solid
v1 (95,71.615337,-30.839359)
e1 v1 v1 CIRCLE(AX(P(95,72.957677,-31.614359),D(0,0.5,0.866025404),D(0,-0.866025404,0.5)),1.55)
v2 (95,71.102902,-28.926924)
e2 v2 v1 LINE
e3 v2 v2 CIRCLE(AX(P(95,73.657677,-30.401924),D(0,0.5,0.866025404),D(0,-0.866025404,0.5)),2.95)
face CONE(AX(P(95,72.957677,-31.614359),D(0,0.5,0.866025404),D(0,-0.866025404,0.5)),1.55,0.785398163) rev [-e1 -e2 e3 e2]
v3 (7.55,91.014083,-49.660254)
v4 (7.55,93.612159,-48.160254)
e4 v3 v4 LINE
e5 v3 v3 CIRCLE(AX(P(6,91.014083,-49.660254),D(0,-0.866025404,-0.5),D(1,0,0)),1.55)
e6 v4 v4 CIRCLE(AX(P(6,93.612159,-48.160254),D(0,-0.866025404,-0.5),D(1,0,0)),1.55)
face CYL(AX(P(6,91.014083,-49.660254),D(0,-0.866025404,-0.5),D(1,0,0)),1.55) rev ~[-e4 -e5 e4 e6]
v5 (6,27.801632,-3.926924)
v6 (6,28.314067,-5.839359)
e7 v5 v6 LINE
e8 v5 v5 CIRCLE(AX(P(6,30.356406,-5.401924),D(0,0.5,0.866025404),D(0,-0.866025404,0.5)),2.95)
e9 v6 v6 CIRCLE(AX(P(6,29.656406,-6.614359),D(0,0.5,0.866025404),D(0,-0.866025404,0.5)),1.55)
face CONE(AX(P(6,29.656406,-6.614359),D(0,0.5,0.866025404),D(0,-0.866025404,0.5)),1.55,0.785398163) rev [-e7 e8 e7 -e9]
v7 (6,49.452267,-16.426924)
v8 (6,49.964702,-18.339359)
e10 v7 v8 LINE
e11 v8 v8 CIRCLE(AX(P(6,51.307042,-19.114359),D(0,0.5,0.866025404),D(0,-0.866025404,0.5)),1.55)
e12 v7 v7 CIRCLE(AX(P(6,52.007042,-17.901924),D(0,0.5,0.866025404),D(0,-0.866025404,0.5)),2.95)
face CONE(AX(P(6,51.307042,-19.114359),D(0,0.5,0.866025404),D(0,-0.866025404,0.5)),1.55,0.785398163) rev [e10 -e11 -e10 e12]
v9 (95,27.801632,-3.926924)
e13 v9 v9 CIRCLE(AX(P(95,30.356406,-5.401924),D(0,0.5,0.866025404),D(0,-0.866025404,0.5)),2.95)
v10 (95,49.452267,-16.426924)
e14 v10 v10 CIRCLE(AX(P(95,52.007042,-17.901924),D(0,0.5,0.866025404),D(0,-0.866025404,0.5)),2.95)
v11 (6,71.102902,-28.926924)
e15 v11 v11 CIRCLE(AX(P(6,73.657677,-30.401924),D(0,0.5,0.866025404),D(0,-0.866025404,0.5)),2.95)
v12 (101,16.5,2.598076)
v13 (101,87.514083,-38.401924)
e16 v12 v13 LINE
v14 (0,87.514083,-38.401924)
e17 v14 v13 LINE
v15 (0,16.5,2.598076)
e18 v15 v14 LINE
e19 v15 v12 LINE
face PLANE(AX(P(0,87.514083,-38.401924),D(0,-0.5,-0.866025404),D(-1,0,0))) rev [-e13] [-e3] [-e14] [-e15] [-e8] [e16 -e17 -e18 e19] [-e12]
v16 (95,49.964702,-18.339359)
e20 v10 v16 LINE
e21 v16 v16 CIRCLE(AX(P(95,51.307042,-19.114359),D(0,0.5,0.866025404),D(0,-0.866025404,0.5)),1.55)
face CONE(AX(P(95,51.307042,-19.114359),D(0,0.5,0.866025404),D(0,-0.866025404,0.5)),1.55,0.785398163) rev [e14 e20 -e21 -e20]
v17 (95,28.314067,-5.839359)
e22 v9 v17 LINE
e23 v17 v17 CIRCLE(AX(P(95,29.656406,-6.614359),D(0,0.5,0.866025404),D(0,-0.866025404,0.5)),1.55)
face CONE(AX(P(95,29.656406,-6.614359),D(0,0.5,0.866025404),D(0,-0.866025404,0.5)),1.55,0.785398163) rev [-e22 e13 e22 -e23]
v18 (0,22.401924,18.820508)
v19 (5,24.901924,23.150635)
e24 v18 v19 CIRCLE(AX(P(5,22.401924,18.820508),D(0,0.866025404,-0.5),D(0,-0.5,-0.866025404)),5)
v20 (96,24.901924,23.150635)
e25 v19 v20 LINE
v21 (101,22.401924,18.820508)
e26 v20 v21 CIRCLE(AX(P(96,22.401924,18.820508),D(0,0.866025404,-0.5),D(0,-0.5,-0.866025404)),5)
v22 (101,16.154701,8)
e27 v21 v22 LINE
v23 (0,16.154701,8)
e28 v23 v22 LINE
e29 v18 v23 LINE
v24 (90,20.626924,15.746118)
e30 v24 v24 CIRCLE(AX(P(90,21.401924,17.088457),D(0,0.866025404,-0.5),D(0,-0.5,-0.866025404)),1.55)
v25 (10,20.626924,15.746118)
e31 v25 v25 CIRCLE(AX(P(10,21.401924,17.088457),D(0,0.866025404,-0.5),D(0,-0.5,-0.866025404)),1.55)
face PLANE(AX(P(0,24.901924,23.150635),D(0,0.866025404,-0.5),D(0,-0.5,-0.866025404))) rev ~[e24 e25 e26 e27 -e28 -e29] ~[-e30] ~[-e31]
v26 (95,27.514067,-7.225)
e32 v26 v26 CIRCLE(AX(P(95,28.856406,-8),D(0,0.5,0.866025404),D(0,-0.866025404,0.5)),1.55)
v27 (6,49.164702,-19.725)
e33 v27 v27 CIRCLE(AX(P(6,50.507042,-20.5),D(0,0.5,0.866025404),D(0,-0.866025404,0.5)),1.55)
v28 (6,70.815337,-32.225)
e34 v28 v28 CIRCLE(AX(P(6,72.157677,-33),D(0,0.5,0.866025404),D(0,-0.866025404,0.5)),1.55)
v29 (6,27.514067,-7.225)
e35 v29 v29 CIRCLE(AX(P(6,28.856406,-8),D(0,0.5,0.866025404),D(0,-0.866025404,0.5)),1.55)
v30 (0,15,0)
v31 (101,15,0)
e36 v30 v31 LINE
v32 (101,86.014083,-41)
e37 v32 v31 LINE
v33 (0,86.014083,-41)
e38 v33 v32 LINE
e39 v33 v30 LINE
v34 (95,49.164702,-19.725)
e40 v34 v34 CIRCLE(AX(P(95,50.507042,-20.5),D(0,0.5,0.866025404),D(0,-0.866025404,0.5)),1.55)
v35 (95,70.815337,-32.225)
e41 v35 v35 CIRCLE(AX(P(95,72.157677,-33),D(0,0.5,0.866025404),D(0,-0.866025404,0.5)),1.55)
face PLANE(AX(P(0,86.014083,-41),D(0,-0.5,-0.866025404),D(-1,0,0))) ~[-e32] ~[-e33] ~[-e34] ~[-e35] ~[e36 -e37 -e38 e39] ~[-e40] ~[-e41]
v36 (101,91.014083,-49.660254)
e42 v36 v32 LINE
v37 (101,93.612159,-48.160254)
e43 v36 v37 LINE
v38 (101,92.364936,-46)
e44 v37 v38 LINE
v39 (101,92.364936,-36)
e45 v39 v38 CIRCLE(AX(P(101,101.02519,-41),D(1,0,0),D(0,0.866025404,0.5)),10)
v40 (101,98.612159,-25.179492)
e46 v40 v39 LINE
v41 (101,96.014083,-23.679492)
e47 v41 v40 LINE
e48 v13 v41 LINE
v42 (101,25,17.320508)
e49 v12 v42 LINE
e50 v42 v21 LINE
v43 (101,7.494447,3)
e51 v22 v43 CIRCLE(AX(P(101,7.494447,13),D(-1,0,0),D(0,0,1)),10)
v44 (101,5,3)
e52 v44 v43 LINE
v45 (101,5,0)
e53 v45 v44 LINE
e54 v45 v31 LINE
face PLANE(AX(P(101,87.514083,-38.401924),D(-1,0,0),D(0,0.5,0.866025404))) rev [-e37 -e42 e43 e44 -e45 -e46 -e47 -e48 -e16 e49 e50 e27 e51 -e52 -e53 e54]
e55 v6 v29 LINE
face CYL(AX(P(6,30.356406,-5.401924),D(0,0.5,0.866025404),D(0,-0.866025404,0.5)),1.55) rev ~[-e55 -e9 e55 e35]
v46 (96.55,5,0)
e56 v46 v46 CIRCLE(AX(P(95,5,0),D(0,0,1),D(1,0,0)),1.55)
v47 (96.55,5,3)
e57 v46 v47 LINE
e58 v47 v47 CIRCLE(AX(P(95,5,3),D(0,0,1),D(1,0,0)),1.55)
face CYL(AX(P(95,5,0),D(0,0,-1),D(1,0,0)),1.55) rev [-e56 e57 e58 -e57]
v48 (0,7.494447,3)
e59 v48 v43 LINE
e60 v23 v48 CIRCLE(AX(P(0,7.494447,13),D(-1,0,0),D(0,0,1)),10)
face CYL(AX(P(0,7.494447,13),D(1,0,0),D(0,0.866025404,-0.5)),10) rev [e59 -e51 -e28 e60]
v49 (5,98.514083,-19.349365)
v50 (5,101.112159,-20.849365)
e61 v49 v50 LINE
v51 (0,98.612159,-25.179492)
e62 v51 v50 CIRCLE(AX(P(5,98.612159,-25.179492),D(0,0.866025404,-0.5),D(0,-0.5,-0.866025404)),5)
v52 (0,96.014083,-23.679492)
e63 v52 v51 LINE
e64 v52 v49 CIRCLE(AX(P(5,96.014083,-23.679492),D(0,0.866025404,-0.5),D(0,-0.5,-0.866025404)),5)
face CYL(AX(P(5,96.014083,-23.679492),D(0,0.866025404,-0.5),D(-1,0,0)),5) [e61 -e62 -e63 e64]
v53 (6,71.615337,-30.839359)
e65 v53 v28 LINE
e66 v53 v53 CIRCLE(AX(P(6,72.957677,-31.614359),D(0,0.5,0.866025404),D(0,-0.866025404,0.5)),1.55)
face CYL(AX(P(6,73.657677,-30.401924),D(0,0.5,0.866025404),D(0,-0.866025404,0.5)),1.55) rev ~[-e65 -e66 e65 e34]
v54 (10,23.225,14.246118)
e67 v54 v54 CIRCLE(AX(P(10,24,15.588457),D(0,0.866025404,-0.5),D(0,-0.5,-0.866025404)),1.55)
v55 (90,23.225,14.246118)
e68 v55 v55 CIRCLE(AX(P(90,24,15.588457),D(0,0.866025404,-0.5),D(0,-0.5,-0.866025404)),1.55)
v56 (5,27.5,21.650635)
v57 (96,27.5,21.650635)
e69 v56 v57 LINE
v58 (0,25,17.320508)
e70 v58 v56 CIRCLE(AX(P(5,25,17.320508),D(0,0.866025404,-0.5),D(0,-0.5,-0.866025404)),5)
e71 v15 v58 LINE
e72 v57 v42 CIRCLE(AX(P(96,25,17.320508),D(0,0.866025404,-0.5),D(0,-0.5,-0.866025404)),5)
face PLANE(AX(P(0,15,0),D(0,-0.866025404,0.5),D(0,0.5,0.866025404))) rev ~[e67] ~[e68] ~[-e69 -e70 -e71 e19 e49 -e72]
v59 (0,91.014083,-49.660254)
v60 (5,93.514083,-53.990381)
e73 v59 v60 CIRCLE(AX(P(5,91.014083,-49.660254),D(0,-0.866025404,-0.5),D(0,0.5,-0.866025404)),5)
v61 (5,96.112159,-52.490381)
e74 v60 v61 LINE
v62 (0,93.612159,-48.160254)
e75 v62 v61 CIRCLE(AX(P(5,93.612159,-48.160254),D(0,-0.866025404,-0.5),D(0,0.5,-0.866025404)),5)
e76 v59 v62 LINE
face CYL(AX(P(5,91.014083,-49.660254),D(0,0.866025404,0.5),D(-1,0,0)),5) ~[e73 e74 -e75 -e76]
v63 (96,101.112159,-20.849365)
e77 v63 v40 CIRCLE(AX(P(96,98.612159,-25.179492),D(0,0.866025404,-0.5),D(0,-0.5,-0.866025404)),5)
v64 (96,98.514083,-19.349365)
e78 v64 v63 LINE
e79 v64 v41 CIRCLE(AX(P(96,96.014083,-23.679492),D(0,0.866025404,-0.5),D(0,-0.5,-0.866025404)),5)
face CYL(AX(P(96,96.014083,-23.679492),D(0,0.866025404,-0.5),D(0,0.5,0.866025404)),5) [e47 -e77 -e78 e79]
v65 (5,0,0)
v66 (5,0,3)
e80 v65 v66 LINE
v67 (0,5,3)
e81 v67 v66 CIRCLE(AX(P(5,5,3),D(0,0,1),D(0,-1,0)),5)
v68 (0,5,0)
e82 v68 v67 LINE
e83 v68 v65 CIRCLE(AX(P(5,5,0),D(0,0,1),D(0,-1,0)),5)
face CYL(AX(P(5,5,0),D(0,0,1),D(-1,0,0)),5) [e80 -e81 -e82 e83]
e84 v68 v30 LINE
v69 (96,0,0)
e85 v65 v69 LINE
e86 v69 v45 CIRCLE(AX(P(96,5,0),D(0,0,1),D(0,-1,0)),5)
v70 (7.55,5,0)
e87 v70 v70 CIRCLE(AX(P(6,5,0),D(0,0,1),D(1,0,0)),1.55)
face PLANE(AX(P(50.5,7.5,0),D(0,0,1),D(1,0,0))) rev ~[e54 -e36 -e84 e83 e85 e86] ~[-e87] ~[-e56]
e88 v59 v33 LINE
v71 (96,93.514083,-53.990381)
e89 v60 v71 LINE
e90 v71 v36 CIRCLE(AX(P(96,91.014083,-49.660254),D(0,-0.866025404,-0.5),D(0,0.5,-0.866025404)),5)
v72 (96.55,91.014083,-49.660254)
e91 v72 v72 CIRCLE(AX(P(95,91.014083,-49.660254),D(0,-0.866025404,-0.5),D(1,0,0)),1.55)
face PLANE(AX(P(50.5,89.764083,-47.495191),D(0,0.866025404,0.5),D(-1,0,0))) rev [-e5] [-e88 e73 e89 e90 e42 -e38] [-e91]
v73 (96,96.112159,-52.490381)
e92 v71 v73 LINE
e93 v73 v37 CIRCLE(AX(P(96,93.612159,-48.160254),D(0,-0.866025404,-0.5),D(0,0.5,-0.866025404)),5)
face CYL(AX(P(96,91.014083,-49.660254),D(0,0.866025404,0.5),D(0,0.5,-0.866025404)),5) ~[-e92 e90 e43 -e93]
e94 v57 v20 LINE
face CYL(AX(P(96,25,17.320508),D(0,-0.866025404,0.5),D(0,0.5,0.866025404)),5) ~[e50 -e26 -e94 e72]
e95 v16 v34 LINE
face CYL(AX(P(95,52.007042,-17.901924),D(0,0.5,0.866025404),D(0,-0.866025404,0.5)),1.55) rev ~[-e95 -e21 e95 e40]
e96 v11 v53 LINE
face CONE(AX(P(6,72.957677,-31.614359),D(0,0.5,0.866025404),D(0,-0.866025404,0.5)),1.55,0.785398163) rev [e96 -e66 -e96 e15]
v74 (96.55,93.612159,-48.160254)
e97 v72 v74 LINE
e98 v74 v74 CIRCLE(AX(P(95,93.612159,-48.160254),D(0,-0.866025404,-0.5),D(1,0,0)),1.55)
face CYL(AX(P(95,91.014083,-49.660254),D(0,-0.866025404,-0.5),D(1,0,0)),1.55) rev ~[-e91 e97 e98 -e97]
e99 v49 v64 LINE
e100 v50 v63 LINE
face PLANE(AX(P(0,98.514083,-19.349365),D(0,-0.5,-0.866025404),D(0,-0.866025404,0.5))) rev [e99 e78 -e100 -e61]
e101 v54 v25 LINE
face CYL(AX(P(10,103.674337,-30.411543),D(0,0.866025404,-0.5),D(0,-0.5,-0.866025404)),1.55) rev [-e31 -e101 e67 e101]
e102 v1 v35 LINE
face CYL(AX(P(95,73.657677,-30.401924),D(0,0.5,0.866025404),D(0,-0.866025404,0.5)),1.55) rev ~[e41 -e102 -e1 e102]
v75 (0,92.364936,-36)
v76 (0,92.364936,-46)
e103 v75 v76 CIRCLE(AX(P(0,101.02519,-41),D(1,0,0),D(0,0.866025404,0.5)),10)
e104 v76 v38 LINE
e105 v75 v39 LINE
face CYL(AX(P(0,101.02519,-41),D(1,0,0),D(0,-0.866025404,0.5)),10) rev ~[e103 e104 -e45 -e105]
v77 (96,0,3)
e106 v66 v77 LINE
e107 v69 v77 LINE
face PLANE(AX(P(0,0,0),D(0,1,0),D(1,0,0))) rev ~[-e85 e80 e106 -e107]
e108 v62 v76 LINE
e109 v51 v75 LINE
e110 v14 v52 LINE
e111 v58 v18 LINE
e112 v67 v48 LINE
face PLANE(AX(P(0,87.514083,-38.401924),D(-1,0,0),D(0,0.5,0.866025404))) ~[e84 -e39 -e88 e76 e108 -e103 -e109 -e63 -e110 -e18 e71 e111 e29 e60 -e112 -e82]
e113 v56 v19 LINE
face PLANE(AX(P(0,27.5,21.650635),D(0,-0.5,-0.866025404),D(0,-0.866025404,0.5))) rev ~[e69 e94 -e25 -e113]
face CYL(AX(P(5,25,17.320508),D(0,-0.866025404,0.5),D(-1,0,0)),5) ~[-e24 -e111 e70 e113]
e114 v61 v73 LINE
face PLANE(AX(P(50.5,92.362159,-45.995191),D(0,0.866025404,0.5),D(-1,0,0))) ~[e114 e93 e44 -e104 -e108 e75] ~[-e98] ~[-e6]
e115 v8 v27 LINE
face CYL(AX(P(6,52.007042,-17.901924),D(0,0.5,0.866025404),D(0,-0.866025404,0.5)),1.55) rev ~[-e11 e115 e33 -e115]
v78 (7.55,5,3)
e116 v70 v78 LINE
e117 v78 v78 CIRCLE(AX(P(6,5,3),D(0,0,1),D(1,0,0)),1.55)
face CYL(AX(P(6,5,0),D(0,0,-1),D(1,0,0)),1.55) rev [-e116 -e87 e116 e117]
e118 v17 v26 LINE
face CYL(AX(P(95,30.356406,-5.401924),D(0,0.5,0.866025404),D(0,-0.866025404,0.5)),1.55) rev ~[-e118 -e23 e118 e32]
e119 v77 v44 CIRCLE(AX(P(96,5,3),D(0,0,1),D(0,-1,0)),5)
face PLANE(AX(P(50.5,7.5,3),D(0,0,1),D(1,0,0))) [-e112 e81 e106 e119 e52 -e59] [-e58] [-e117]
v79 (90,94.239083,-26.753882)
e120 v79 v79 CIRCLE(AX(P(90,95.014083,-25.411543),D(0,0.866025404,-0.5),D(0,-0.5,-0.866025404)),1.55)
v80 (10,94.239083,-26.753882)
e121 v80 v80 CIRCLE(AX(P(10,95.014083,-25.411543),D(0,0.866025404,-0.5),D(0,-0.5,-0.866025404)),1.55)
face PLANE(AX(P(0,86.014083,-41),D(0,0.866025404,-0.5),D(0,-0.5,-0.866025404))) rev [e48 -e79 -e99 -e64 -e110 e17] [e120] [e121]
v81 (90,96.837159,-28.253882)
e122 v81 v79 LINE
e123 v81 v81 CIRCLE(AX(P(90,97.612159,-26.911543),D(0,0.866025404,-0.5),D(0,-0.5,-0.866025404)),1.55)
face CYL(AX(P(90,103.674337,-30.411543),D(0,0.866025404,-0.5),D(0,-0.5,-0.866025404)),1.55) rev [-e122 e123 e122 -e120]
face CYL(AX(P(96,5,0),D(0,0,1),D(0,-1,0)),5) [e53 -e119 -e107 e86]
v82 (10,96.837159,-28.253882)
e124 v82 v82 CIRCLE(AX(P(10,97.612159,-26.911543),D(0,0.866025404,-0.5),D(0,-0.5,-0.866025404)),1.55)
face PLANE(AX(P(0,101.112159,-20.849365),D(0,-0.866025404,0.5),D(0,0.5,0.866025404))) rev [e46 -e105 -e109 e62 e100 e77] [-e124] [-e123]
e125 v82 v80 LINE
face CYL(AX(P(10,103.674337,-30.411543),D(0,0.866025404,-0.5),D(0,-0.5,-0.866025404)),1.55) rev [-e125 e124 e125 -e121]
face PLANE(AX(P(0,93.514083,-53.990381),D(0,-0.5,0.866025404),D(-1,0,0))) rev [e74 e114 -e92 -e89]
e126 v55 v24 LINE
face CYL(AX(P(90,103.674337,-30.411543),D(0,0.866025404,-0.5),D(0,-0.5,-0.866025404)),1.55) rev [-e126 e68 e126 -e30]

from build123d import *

# Parameters (mm, degrees)
SKETCH_1_W               = 101
SKETCH_1_H               = 15
SKETCH_1_R               = 1.55
EXTRUDE_1_DEPTH          = 3
EXTRUDE_2_DEPTH          = 101
FILLET_1_R               = 10
FILLET_2_R               = 5
SKETCH_3_W               = 101
SKETCH_3_H               = 3
EXTRUDE_3_DEPTH          = 41
SKETCH_4_R               = 1.55
CUT_EXTRUDE_1_DEPTH      = 153.872823645
CUT_EXTRUDE_2_DEPTH      = 149.186409795
CUT_EXTRUDE_2_DEPTH_BACK = 10
SKETCH_5_R               = 1.55
CHAMFER_1_SIZE           = 1.4


with BuildPart() as part:
    # 草图1 → 凸台-拉伸1 (new body)
    with BuildSketch(Plane.XY):
        with Locations((50.5, 7.5)):
            Rectangle(SKETCH_1_W, SKETCH_1_H)
        with Locations((6, 5)):
            Circle(SKETCH_1_R, mode=Mode.SUBTRACT)
        with Locations((95, 5)):
            Circle(SKETCH_1_R, mode=Mode.SUBTRACT)
    extrude(amount=EXTRUDE_1_DEPTH)

    # 草图2 → 凸台-拉伸2 (add)
    with BuildSketch(Plane.ZY):
        Polygon((0, 15), (21.650635095, 27.5), (23.150635095, 24.901923789), (3, 13.267949192), align=None)
    extrude(amount=-EXTRUDE_2_DEPTH)

    # 圆角1
    fillet_1_edges = [part.edges().sort_by_distance(p)[0] for p in [
        (50.5, 13.267949192, 3),
    ]]
    fillet(fillet_1_edges, radius=FILLET_1_R)

    # 圆角2
    fillet_2_edges = [part.edges().sort_by_distance(p)[0] for p in [
        (0, 26.200961894, 22.400635095),
        (101, 26.200961894, 22.400635095),
        (101, 0, 1.5),
        (0, 0, 1.5),
    ]]
    fillet(fillet_2_edges, radius=FILLET_2_R)

    # 草图3 → 凸台-拉伸3 (add)
    with BuildSketch(Plane(origin=(0, 11.25, -6.495190528), x_dir=(1, 0, 0), z_dir=(0, 0.8660254037844364, -0.5000000000000041))):
        with Locations((50.5, -9)):
            Rectangle(SKETCH_3_W, SKETCH_3_H)
    extrude(amount=EXTRUDE_3_DEPTH)

    # 镜向3: part across plane


with BuildPart() as part_1:
    add(part.part)
    add(part.part.mirror(Plane(origin=(0, 46.757041555, -26.995190528), x_dir=(0, 0.500000000000004, 0.8660254037844362), z_dir=(0, 0.8660254037844363, -0.5000000000000041))))

    # 草图4 → 切除-拉伸1 (cut, through all)
    with BuildSketch(Plane(origin=(0, 5.25, 9.09326674), x_dir=(1, 0, 0), z_dir=(0, 0.5000000000000041, 0.8660254037844364))):
        with Locations(Location((6, 78.990381057, 0), (0, 0, 270))):
            Circle(SKETCH_4_R)
        with Locations(Location((6, 53.990381057, 0), (0, 0, 270))):
            Circle(SKETCH_4_R)
        with Locations(Location((6, 28.990381057, 0), (0, 0, 270))):
            Circle(SKETCH_4_R)
        with Locations(Location((95, 78.990381057, 0), (0, 0, 270))):
            Circle(SKETCH_4_R)
        with Locations(Location((95, 53.990381057, 0), (0, 0, 270))):
            Circle(SKETCH_4_R)
        with Locations(Location((95, 28.990381057, 0), (0, 0, 270))):
            Circle(SKETCH_4_R)
    extrude(amount=-CUT_EXTRUDE_1_DEPTH, mode=Mode.SUBTRACT)

    # 草图5 → 切除-拉伸2 (cut, two sides: drawn at the far end of the back side and taken through both)
    with BuildSketch(Plane(origin=(0, 82.26408311, -47.495190528), x_dir=(1, 0, 0), z_dir=(0, -0.8660254037844376, 0.500000000000002)).offset(-CUT_EXTRUDE_2_DEPTH_BACK)):
        with Locations(Location((10, 25.5, 0), (0, 0, 270))):
            Circle(SKETCH_5_R)
        with Locations(Location((90, 25.5, 0), (0, 0, 270))):
            Circle(SKETCH_5_R)
    extrude(amount=CUT_EXTRUDE_2_DEPTH + CUT_EXTRUDE_2_DEPTH_BACK, mode=Mode.SUBTRACT)

    # 倒角1
    chamfer_1_edges = [part_1.edges().sort_by_distance(p)[0] for p in [
        (6, 31.698745836, -6.176923789),
        (6, 53.349380931, -18.676923789),
        (95, 53.349380931, -18.676923789),
        (95, 75.000016026, -31.176923789),
        (95, 31.698745836, -6.176923789),
        (6, 75.000016026, -31.176923789),
    ]]
    chamfer(chamfer_1_edges, length=CHAMFER_1_SIZE)


solid = part_1.part
